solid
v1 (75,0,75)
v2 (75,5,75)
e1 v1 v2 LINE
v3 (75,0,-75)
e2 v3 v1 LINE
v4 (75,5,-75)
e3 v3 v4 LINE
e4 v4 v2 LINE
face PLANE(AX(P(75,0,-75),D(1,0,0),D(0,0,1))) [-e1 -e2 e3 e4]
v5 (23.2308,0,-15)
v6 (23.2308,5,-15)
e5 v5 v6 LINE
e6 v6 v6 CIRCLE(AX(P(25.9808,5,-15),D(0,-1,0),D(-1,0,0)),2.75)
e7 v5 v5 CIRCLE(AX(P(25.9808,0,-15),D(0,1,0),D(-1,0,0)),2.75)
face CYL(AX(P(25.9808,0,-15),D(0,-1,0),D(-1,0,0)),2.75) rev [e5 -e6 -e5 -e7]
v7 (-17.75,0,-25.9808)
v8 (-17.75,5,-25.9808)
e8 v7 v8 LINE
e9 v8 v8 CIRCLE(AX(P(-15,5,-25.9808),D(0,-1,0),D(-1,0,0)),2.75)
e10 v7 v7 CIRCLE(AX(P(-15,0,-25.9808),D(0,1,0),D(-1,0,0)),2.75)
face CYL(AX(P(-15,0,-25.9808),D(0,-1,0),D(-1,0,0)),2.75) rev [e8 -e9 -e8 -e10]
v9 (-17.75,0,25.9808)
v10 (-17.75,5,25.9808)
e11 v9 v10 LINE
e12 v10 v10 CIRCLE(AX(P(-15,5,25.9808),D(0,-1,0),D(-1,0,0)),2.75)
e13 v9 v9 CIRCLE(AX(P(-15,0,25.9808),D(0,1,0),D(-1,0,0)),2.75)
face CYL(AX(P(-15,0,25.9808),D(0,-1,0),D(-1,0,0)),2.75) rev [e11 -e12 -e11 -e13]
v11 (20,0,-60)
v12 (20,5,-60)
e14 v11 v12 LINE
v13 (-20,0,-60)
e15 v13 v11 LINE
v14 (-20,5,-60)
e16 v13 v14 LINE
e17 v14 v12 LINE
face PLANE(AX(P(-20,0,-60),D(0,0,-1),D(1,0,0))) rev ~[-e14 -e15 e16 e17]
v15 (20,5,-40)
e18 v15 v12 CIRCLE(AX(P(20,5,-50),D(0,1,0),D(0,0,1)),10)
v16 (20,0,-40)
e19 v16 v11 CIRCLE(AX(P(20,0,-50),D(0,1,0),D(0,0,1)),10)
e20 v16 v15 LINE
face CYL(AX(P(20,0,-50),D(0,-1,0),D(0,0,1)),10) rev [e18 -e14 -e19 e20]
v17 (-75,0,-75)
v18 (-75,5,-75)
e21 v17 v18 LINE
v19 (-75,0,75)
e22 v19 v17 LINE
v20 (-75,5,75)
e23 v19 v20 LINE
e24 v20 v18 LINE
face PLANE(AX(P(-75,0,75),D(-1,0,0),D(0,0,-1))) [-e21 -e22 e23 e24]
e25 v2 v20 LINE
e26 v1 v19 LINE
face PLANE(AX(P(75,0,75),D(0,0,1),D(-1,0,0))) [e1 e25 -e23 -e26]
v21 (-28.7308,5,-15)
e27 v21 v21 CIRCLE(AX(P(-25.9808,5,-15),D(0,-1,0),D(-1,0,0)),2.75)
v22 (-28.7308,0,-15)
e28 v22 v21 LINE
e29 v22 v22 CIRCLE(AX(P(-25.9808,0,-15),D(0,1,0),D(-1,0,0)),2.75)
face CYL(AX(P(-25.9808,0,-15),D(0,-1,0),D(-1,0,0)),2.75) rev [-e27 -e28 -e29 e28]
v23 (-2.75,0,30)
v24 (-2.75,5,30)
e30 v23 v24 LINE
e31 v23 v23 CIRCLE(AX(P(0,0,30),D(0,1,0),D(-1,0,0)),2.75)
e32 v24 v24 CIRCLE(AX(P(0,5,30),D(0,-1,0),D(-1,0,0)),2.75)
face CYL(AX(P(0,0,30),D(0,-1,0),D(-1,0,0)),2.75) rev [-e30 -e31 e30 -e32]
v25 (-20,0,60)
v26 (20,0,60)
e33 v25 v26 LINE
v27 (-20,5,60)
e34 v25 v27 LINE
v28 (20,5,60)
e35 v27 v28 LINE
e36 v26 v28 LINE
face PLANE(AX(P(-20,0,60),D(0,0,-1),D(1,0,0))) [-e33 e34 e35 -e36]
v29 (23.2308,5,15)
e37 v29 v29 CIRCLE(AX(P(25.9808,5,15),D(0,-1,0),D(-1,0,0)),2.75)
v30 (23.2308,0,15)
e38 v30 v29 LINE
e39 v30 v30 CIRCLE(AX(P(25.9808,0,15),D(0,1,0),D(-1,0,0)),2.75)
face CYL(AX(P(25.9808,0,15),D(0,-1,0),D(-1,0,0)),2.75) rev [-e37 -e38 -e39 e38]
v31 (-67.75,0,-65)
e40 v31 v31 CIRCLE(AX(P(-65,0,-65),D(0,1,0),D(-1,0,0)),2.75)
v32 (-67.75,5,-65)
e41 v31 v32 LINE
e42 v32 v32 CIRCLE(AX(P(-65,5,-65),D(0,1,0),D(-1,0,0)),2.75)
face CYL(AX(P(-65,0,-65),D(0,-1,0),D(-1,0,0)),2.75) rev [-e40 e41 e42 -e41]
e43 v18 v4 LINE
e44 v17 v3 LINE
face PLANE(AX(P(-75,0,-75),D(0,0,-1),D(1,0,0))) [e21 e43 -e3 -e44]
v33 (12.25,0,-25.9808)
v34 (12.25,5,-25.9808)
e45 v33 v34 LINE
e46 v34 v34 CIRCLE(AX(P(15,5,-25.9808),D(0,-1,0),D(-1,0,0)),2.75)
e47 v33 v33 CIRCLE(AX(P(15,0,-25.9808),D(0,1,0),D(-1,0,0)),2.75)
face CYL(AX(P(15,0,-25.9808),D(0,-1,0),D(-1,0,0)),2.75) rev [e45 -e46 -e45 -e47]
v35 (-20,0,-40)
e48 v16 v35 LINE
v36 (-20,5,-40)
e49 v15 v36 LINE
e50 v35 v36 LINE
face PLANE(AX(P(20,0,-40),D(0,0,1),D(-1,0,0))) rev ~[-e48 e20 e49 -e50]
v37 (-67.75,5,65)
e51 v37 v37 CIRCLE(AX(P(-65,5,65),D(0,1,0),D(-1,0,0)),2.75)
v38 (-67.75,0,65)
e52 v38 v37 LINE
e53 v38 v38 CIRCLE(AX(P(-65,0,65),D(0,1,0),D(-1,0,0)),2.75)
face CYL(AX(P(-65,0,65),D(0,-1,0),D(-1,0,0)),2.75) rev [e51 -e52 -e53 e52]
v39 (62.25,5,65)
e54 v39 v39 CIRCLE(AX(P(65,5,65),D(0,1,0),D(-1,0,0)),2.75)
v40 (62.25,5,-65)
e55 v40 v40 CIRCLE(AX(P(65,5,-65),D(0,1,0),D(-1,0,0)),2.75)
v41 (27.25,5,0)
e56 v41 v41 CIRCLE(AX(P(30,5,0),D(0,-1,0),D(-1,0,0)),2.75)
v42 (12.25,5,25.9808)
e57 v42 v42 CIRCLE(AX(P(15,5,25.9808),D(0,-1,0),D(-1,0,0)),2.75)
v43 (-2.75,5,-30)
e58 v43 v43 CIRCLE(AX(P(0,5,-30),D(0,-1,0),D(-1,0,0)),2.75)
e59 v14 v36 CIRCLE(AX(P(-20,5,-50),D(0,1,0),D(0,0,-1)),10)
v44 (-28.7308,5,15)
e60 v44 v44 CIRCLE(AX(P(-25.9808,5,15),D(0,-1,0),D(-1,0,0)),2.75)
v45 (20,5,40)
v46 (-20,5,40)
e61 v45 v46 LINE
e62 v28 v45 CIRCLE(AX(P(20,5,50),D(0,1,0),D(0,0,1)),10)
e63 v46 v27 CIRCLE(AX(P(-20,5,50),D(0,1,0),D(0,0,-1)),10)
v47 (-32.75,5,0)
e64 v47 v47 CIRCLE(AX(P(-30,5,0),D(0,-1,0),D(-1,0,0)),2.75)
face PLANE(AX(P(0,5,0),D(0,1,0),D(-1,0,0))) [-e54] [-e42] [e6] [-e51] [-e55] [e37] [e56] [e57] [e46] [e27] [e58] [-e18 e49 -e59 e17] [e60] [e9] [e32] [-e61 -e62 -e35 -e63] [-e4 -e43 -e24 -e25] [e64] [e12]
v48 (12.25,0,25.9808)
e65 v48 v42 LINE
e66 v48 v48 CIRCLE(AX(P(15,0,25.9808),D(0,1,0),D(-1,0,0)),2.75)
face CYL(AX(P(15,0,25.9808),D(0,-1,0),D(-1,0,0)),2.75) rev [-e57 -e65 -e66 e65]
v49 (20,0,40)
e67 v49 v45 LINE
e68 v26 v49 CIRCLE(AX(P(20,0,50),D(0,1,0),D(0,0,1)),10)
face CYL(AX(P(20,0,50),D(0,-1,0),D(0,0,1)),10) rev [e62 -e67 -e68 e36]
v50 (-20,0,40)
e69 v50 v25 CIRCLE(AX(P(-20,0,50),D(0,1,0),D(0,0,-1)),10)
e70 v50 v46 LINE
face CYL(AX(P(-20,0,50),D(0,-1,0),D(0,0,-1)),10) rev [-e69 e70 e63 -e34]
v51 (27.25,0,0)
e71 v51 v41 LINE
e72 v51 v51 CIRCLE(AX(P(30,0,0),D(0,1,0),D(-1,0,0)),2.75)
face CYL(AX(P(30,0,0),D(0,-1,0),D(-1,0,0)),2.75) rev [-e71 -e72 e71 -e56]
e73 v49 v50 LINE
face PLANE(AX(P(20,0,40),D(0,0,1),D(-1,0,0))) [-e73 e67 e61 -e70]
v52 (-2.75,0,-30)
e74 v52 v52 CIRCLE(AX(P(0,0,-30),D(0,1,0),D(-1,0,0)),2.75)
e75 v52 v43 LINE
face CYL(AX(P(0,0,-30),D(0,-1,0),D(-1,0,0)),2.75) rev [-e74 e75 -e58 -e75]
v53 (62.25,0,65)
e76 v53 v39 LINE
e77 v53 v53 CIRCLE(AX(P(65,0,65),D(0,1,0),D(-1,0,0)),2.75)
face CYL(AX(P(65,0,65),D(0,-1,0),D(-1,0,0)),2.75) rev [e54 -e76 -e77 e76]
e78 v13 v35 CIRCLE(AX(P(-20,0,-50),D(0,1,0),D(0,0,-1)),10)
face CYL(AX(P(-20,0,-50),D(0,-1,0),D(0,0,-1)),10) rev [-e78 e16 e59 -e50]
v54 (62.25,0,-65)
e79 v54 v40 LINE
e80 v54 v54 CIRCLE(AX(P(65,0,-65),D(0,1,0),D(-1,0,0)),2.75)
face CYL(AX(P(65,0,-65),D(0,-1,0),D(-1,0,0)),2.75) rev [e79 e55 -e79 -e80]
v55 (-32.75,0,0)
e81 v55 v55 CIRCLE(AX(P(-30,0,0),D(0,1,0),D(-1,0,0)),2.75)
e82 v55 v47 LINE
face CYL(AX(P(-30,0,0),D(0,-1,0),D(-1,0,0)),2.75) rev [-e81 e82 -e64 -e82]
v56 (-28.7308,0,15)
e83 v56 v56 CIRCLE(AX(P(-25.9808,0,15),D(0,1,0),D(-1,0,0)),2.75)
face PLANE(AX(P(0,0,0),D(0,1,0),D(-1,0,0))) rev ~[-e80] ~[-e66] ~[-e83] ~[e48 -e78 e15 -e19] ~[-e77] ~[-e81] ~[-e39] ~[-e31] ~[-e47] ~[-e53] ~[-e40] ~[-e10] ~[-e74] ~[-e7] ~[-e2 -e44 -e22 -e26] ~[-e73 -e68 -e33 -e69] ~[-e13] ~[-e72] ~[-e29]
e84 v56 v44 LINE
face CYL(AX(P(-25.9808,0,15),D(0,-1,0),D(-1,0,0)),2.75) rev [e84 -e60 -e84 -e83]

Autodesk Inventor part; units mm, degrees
ref_plane "YZ Plane" through (0, 0, 0) normal (1, 0, 0) x (0, 1, 0)
ref_plane "XZ Plane" through (0, 0, 0) normal (0, 1, 0) x (-1, 0, 0)
ref_plane "XY Plane" through (0, 0, 0) normal (0, 0, 1) x (1, 0, 0)
sketch "Sketch1" plane through (0, 0, 0) normal (0, 1, 0) x (-1, 0, 0)
  line L0 (-75, 75) -> (75, 75)
  line L1 (75, 75) -> (75, -75)
  line L2 (75, -75) -> (-75, -75)
  line L3 (-75, -75) -> (-75, 75)
  line L4 (-75, 75) -> (75, -75) construction
  circle A0 centre (0, 0) radius 30
  circle A1 centre (30, 0) radius 2.75
  circle A2 centre (25.9808, 15) radius 2.75
  circle A3 centre (15, 25.9808) radius 2.75
  circle A4 centre (0, 30) radius 2.75
  circle A5 centre (-15, 25.9808) radius 2.75
  circle A6 centre (-25.9808, 15) radius 2.75
  line L5 (20, 50) -> (-20, 50) construction
  line L6 (20, 60) -> (-20, 60)
  line L7 (-20, 40) -> (20, 40)
  arc A7 (20, 40) -> (20, 60) centre (20, 50) ccw
  arc A8 (-20, 60) -> (-20, 40) centre (-20, 50) ccw
  line L8 (0, 0) -> (59.9777, 0)
  line L9 (20, -60) -> (-20, -60)
  line L10 (-20, -40) -> (20, -40)
  arc A9 (20, -60) -> (20, -40) centre (20, -50) ccw
  arc A10 (-20, -40) -> (-20, -60) centre (-20, -50) ccw
  circle A11 centre (65, 65) radius 2.75
  line L11 (0, 0) -> (0, -8.8495)
  circle A12 centre (65, -65) radius 2.75
  circle A13 centre (-65, 65) radius 2.75
  circle A14 centre (-65, -65) radius 2.75
  circle A15 centre (-30, 0) radius 2.75
  circle A16 centre (-25.9808, -15) radius 2.75
  circle A17 centre (-15, -25.9808) radius 2.75
  circle A18 centre (0, -30) radius 2.75
  circle A19 centre (15, -25.9808) radius 2.75
  circle A20 centre (25.9808, -15) radius 2.75
  point P0 (0, 50)
  point P1 (0, -50)
  point P2 (0, -4.4247)
  dimension "d2" = 60
  dimension "d0" = 150
  dimension "d1" = 150
  dimension "d3" = 5.5
  dimension "d6" = 360
  dimension "d10" = 40
  dimension "d11" = 20
  dimension "d12" = 40
  dimension "d13" = 5.5
  dimension "d14" = 10
  dimension "d15" = 10
  dimension "d16" = 20
extrude "Extrusion1" add sketch "Sketch1" along normal blind 5 contours L0 L1 L2 L3 | A1 A0 A20 A19 A18 A17 A16 A15 A6 A5 A4 A3 A2
properties part number "LowerBase"
